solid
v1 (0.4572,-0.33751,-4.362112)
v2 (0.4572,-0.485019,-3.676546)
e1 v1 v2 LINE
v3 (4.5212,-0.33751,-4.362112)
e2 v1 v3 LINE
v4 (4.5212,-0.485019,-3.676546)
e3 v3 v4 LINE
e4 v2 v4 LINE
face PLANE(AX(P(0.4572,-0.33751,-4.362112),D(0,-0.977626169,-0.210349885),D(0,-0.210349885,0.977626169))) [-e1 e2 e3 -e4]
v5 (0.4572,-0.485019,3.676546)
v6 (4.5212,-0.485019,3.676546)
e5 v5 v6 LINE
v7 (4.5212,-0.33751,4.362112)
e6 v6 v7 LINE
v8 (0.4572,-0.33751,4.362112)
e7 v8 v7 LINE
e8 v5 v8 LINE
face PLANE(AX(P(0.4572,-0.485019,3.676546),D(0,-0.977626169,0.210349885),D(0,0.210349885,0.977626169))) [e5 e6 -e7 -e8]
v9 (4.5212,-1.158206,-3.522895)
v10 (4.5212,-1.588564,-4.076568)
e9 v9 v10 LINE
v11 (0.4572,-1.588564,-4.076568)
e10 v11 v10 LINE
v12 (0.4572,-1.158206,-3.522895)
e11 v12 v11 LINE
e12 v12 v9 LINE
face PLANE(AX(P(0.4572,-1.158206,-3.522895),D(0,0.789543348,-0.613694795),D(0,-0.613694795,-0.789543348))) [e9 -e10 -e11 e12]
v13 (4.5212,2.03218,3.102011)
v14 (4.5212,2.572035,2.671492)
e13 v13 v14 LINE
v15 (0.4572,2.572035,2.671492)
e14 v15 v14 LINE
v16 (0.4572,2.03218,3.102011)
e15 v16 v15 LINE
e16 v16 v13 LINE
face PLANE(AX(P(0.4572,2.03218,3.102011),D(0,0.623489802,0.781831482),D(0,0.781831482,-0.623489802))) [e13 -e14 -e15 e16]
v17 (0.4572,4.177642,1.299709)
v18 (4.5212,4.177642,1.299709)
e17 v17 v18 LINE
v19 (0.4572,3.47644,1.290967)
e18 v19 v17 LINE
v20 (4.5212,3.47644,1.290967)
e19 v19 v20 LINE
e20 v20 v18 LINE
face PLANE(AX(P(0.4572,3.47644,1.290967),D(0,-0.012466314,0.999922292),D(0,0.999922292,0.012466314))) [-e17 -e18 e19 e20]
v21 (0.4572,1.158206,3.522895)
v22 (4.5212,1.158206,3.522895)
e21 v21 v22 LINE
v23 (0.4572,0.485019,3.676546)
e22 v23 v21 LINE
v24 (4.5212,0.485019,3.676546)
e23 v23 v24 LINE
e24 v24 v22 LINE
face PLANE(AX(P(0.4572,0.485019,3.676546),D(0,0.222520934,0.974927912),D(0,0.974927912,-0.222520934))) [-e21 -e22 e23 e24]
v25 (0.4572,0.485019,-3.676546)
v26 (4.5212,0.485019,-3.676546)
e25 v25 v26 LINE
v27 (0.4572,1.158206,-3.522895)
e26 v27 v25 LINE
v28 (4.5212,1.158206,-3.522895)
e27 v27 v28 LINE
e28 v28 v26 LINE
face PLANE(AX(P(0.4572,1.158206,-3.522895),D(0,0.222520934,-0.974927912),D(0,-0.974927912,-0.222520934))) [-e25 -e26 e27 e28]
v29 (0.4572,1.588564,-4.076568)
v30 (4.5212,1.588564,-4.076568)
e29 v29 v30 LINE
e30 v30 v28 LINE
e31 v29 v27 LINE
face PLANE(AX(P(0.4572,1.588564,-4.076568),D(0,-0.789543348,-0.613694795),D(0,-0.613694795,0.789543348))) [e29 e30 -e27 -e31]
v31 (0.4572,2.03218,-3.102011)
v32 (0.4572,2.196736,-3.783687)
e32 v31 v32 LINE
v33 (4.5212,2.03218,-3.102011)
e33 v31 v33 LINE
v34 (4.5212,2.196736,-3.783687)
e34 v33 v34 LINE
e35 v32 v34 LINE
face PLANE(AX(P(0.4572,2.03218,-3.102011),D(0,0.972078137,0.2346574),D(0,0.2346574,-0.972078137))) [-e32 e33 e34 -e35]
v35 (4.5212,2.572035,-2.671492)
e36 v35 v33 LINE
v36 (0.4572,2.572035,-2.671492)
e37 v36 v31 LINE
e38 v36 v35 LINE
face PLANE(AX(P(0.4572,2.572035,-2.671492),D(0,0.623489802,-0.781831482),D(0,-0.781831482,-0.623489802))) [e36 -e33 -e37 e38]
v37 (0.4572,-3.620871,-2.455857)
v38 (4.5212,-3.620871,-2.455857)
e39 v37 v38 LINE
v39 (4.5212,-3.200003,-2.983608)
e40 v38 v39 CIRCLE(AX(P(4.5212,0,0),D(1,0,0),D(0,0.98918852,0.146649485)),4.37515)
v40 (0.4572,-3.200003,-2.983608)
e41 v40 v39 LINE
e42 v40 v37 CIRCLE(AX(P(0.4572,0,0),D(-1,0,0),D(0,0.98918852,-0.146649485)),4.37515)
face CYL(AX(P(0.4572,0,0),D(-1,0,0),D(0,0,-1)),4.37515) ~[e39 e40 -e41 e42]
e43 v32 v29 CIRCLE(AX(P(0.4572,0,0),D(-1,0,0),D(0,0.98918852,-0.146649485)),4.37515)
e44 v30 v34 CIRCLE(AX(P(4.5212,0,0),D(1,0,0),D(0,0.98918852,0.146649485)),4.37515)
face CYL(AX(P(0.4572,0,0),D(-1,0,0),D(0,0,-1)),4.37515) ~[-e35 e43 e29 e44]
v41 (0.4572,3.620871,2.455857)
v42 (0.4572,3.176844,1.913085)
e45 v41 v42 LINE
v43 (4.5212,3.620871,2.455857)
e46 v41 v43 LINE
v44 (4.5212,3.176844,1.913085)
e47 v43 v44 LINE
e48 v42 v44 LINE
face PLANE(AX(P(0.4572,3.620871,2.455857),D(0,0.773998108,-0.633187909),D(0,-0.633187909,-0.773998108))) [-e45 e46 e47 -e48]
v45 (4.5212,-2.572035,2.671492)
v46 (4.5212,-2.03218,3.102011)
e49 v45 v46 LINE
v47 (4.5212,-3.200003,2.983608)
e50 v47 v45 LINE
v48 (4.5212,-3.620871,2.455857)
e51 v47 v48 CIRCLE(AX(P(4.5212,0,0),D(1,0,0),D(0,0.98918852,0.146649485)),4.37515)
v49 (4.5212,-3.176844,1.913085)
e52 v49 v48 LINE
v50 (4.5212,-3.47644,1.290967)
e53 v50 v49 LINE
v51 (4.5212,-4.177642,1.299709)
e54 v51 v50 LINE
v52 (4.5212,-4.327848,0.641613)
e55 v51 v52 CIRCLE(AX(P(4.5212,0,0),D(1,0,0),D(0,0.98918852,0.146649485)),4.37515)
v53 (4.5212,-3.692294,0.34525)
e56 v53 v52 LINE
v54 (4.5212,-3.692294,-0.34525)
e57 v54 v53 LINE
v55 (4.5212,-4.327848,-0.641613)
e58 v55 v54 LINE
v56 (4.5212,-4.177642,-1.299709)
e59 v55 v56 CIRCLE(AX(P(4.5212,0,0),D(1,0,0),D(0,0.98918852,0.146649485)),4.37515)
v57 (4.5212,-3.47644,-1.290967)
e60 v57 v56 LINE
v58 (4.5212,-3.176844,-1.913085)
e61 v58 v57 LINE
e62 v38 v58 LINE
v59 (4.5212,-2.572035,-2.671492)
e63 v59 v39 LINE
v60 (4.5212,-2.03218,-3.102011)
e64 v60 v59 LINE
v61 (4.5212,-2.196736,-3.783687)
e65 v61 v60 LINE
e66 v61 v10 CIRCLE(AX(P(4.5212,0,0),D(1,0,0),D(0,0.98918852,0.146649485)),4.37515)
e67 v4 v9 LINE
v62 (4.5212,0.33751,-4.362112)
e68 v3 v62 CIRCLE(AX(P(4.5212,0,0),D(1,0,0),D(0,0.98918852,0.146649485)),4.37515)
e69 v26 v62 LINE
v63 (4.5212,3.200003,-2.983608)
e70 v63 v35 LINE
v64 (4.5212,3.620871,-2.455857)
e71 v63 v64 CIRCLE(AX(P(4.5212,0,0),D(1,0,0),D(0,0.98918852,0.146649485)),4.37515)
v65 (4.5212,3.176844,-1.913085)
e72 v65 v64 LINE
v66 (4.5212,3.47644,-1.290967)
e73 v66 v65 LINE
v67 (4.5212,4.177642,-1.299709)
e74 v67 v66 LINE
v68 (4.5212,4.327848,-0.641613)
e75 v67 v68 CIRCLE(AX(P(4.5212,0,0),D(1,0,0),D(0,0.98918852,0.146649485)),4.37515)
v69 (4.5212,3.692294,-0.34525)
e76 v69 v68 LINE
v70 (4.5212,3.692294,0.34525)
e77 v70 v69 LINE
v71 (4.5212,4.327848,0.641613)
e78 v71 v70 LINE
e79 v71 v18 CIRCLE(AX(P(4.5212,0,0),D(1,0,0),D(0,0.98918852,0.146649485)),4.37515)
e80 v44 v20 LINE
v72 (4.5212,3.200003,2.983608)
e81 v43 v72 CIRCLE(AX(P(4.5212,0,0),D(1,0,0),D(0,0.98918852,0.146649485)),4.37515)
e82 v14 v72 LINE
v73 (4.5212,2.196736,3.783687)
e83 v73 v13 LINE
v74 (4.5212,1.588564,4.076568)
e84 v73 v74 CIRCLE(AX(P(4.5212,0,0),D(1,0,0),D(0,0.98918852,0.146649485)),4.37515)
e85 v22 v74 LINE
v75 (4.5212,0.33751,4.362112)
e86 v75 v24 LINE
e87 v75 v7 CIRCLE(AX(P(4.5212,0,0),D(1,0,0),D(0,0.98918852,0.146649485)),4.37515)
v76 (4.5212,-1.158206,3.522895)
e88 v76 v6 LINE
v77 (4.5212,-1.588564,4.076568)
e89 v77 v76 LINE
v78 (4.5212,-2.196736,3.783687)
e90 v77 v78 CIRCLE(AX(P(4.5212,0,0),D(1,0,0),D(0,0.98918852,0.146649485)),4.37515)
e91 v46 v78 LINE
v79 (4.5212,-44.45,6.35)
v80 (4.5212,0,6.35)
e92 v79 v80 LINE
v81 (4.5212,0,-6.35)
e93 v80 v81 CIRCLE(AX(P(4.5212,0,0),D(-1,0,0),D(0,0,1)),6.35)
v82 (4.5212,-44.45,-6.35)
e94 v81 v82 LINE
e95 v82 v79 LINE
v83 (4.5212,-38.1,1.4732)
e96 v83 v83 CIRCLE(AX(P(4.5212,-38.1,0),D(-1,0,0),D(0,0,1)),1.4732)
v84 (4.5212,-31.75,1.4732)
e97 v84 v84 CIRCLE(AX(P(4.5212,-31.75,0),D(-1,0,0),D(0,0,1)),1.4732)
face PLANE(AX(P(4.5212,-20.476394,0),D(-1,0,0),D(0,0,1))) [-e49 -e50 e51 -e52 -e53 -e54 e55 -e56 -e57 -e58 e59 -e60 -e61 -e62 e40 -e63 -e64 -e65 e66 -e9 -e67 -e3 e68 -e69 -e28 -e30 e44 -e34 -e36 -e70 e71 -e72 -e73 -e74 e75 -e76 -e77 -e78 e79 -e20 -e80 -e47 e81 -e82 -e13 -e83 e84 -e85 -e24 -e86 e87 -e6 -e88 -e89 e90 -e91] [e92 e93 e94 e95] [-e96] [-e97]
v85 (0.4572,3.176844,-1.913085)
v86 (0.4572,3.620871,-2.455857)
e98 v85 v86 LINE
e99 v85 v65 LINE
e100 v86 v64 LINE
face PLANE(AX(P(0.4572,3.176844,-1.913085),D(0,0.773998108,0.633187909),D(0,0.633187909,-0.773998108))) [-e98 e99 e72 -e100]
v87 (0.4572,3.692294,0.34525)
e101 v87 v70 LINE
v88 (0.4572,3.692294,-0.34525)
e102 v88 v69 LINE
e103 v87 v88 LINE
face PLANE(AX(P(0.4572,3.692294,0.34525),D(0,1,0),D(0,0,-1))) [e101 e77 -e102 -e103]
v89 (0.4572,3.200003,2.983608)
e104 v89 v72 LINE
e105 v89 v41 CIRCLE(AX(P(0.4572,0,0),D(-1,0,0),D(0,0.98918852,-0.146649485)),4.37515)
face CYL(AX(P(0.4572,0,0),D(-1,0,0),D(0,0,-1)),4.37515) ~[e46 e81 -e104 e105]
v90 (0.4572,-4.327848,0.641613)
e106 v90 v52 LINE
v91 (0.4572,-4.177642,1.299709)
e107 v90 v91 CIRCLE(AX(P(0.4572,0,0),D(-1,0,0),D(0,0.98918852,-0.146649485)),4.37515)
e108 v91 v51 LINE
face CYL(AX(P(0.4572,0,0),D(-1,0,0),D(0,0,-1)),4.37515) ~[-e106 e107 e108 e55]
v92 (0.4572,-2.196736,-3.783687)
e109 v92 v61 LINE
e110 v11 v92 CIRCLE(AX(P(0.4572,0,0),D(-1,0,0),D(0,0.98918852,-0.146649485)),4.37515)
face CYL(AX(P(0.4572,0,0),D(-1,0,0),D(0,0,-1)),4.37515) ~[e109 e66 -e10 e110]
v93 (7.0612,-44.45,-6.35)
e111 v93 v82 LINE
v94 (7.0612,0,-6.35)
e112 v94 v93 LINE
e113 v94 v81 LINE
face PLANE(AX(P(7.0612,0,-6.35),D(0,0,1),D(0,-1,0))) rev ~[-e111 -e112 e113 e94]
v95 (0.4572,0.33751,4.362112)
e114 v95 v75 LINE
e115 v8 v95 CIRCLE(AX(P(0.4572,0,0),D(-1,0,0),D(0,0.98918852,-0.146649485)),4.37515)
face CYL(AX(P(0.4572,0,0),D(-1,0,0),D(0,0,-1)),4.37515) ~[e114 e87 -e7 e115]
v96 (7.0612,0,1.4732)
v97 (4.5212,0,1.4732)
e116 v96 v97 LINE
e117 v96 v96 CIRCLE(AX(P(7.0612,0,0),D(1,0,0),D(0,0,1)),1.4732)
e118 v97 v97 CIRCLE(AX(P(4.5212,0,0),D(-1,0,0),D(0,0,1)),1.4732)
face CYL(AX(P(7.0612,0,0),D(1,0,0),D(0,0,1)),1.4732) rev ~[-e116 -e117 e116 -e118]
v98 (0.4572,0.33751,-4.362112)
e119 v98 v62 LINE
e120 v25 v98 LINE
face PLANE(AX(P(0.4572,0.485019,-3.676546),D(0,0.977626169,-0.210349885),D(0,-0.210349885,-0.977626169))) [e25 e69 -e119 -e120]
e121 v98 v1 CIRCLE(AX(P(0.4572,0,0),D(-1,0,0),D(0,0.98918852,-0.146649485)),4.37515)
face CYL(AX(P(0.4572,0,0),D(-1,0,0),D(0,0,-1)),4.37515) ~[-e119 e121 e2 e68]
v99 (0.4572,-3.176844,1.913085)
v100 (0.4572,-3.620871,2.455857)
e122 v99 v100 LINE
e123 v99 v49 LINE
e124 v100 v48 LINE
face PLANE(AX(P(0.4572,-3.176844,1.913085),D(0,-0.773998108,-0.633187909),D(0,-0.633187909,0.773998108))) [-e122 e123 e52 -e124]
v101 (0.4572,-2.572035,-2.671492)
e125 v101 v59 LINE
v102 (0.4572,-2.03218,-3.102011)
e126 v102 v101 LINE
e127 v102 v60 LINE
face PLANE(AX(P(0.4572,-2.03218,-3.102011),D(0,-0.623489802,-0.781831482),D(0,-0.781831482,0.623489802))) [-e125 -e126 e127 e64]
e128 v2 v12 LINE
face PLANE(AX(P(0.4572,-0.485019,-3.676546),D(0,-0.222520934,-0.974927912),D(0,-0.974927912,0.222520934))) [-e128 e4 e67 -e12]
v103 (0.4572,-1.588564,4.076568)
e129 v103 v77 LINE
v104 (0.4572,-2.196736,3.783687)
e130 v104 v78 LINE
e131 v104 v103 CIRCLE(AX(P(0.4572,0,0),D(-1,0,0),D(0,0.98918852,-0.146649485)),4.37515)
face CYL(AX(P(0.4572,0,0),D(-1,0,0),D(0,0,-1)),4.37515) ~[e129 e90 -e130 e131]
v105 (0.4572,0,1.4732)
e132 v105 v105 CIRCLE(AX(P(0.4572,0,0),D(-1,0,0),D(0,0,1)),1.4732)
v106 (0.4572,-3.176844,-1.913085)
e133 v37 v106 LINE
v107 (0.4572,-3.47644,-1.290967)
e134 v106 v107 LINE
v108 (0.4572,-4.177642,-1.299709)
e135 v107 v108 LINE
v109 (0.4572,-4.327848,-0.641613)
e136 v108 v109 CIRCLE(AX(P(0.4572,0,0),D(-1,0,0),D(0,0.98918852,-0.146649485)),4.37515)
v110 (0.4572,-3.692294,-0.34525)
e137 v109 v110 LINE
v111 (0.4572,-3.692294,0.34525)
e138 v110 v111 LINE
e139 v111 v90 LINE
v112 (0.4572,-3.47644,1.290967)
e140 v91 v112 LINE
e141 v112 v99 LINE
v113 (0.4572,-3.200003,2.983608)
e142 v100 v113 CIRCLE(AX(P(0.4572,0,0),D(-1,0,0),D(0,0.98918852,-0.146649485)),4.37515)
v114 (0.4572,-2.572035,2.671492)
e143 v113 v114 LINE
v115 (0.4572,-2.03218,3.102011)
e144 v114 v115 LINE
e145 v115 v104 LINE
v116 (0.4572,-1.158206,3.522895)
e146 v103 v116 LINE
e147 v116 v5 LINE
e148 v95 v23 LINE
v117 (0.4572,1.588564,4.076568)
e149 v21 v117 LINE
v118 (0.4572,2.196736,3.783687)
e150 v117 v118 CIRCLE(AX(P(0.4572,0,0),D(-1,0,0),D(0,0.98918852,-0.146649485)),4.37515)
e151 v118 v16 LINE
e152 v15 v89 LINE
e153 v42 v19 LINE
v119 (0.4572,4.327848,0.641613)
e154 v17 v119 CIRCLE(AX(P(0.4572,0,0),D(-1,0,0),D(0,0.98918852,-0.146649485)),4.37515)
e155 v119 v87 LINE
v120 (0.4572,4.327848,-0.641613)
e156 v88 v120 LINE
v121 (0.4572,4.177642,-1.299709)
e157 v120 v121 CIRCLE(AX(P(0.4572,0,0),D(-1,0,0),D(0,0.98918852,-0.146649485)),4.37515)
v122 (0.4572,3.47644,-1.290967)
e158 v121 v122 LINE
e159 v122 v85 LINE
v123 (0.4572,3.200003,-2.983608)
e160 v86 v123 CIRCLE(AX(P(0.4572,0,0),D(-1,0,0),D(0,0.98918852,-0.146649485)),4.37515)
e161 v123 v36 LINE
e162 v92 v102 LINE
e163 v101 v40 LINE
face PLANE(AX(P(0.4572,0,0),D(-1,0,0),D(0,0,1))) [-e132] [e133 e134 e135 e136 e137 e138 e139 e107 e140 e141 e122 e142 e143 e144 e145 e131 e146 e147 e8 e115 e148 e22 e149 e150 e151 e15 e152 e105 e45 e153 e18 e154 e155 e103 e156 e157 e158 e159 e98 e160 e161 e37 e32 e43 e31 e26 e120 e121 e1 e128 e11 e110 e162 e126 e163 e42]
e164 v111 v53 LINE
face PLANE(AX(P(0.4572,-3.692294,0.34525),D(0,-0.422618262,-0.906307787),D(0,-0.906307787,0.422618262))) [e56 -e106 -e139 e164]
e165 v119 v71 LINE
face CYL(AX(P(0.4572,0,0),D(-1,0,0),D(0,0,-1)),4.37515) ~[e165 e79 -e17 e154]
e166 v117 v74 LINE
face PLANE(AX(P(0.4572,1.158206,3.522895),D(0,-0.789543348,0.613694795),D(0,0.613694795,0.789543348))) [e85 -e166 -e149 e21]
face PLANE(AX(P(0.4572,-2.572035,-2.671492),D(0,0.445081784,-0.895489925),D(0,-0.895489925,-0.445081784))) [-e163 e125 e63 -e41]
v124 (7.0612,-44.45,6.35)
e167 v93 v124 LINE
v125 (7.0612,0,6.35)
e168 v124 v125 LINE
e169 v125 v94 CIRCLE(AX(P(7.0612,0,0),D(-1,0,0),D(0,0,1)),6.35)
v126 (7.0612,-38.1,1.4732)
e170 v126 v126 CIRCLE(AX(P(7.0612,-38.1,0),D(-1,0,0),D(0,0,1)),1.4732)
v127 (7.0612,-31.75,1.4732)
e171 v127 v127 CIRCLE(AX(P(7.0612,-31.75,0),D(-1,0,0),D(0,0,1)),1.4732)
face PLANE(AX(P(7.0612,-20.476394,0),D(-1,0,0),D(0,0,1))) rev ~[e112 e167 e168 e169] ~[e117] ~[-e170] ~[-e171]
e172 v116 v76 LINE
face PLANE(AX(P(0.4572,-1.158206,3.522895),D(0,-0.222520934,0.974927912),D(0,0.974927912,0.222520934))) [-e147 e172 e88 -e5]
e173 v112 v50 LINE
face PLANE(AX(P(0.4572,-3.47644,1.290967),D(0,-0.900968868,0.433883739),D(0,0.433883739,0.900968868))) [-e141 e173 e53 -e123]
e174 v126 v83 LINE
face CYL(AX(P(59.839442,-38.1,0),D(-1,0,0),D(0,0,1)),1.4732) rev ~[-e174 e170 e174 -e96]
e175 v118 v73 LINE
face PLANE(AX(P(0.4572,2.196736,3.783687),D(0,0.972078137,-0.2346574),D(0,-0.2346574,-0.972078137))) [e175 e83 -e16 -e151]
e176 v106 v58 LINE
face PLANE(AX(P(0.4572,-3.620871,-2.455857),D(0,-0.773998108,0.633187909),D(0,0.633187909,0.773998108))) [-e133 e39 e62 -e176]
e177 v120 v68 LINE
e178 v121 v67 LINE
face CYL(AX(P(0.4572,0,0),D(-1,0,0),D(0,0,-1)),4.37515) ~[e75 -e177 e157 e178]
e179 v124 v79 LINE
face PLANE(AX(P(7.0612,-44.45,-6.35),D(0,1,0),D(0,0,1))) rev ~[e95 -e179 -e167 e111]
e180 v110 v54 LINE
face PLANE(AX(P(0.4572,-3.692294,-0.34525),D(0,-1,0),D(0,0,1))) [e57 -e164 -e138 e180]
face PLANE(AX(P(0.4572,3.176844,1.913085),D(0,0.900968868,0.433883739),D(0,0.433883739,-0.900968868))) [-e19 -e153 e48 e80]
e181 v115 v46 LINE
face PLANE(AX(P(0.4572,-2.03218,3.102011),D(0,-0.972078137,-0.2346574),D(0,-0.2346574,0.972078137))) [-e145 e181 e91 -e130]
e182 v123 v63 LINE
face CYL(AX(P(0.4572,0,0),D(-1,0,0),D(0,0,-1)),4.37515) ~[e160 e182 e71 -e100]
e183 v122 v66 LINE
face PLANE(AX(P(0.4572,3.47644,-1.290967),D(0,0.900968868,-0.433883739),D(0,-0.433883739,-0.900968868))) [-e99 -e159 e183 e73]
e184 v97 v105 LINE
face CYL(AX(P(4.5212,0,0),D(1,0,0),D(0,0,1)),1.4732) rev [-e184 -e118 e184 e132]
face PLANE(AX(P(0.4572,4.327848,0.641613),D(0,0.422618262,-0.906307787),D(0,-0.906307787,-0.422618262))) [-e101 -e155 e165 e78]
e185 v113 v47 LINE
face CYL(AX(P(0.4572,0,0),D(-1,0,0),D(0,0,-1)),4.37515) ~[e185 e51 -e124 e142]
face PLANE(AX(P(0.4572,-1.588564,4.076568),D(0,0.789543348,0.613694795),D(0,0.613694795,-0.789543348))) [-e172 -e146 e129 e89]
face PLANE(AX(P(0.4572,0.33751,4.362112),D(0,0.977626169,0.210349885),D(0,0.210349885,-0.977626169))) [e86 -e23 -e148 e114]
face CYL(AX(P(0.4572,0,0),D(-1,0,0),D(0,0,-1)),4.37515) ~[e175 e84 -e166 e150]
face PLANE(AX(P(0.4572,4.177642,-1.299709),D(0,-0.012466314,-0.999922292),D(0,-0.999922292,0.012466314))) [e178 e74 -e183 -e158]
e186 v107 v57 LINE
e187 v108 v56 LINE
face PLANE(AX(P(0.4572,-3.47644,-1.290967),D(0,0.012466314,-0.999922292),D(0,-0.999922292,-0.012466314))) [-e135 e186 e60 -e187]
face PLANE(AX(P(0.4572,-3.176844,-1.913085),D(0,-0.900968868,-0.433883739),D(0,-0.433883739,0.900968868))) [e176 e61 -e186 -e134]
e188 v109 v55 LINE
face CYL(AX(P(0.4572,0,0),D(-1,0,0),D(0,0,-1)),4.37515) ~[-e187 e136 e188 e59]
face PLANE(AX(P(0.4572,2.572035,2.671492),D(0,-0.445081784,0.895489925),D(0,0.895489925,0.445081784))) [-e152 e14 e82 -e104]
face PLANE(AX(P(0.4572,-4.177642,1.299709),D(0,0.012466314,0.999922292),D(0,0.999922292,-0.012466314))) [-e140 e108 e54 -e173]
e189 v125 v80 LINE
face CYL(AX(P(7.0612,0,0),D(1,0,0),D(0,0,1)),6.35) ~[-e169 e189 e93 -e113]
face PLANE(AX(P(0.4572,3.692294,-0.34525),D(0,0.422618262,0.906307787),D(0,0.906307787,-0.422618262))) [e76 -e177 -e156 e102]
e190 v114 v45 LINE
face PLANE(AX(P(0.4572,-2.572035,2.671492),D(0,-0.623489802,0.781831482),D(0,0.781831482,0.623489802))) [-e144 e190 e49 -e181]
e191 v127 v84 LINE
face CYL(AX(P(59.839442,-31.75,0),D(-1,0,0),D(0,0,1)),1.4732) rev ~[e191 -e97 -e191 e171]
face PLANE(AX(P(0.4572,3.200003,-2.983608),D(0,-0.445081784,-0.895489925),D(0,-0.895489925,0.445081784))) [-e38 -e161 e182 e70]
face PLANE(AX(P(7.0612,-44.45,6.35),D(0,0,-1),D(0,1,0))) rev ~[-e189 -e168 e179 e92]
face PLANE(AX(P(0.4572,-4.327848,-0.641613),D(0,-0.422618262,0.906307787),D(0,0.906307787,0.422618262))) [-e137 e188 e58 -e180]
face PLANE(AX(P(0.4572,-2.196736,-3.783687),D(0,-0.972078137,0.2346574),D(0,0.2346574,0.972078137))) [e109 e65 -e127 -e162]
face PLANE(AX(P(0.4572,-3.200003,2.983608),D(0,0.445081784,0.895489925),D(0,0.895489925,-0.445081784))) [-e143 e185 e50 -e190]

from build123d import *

# Parameters (mm, degrees)
SKETCH4_R             = 4.5339
SKETCH4_R_2           = 4.37515
CUT_EXTRUDE2_DEPTH    = 4.064
CUT_EXTRUDE1_DEPTH    = 4.064
CIRPATTERN1_COUNT     = 14
SKETCH6_R             = 1.5875
CUT_EXTRUDE3_DEPTH    = 12.02520933
CUT_EXTRUDE4_DEPTH    = 1.016
SKETCH11_R            = 6.731
CUT_EXTRUDE6_DEPTH    = 2.54
SKETCH13_R            = 9.525
CUT_EXTRUDE7_DEPTH    = 12.262802402
BOSS_EXTRUDE2_START   = -4.064
SKETCH17_R            = 1.5875
SKETCH17_R_2          = 1.4732
BOSS_EXTRUDE2_DEPTH   = 4.064
BOSS_EXTRUDE1_START   = 2.54
SKETCH12_R            = 1.4732
BOSS_EXTRUDE1_DEPTH   = 2.54
F_4_CLEARANCE_HOLE1_D = 2.9464


with BuildPart() as part:
    # Sketch1 → Revolve1 (revolve)
    with BuildSketch(Plane.XY, mode=Mode.PRIVATE) as revolve1_sk:
        with BuildLine():
            Line((-5.5626, 1.5875), (5.5626, 1.5875))
            Line((5.5626, 1.5875), (5.5626, 6.731))
            Line((5.5626, 6.731), (5.0419, 6.731))
            ThreePointArc((5.0419, 6.731), (4.654552953, 5.958878742), (4.5212, 5.1054))
            Line((4.5212, 5.1054), (4.5212, 4.5339))
            Line((4.5212, 4.5339), (0.4572, 4.5339))
            Line((0.4572, 4.5339), (0.4572, 5.6769))
            Line((0.4572, 5.6769), (-0.5969, 6.731))
            Line((-0.5969, 6.731), (-5.5626, 6.731))
            Line((-5.5626, 6.731), (-5.5626, 1.5875))
        make_face()
    revolve(revolve1_sk.sketch.rotate(Axis((-5.5626, 0, 0), (1, 0, 0)), 90), axis=Axis((-5.5626, 0, 0), (1, 0, 0)))

    # Sketch4 → Cut-Extrude2 (cut)
    with BuildSketch(Plane(origin=(0.4572, 0, 0), x_dir=(0, 0, -1), z_dir=(1, 0, 0))):
        Circle(SKETCH4_R)
        Circle(SKETCH4_R_2, mode=Mode.SUBTRACT)
    extrude(amount=CUT_EXTRUDE2_DEPTH, mode=Mode.SUBTRACT)

    # Sketch3 → Cut-Extrude1 (cut)
    with BuildSketch(Plane(origin=(0.4572, 0, 0), x_dir=(0, 0, -1), z_dir=(1, 0, 0))):
        with BuildLine():
            Line((-0.641613493, 4.327848154), (-0.345249615, 3.692293767))
            Line((-0.345249615, 3.692293767), (0.345249615, 3.692293767))
            Line((0.345249615, 3.692293767), (0.641613493, 4.327848154))
            ThreePointArc((0.641613493, 4.327848154), (0, 4.37515), (-0.641613493, 4.327848154))
        make_face()
    cut_extrude1 = extrude(amount=CUT_EXTRUDE1_DEPTH, mode=Mode.SUBTRACT)

    # CirPattern1: Cut-Extrude1 ×14 about axis
    cirpattern1_axis = Axis((0, 0, 0), (1, 0, 0))
    for i in range(1, CIRPATTERN1_COUNT):
        add(cut_extrude1.rotate(cirpattern1_axis, i * 360 / CIRPATTERN1_COUNT), mode=Mode.SUBTRACT)

    # Sketch6 → Cut-Extrude3 (cut, through all)
    with BuildSketch(Plane(origin=(0, 0, 0), x_dir=(1, 0, 0), z_dir=(0, 1, 0))):
        with Locations(Location((-2.5527, 0, 0), (0, 0, 90))):
            Circle(SKETCH6_R)
    extrude(amount=CUT_EXTRUDE3_DEPTH, mode=Mode.SUBTRACT)

    # Sketch11 → Cut-Extrude6 (cut)
    with BuildSketch(Plane.ZY.offset(-4.5212)):
        Circle(SKETCH11_R)
    extrude(amount=-CUT_EXTRUDE6_DEPTH, mode=Mode.SUBTRACT)


with BuildPart() as body_2:
    # Sketch7 → Revolve2 (revolve)
    with BuildSketch(Plane.XY, mode=Mode.PRIVATE) as revolve2_sk:
        Polygon((-3.7211, 6.731), (-2.5527, 6.731), (-2.5527, 1.9685), (-3.7211, 1.9685), (-3.9751, 2.2225), (-3.9751, 6.477), align=None)
    revolve(revolve2_sk.sketch.rotate(Axis((-2.5527, 1.9685, 0), (0, 1, 0)), 270), axis=Axis((-2.5527, 1.9685, 0), (0, 1, 0)))

    # Sketch8 → Cut-Extrude4 (cut)
    with BuildSketch(Plane(origin=(0, 6.731, 0), x_dir=(1, 0, 0), z_dir=(0, 1, 0))):
        Polygon((-2.5527, 0.821223023), (-3.2639, 0.410611511), (-3.2639, -0.410611511), (-2.5527, -0.821223023), (-1.8415, -0.410611511), (-1.8415, 0.410611511), align=None)
    extrude(amount=-CUT_EXTRUDE4_DEPTH, mode=Mode.SUBTRACT)


with BuildPart() as cut_extrude7_tool:
    # Sketch13 → Cut-Extrude7 (new, through all)
    with BuildSketch(Plane(origin=(0.4572, 0, 0), x_dir=(0, 0, -1), z_dir=(1, 0, 0))):
        Circle(SKETCH13_R)
    extrude(amount=-CUT_EXTRUDE7_DEPTH)


with BuildPart() as part_1:
    add(part.part)

    # Cut-Extrude7: cut by cut_extrude7_tool
    add(cut_extrude7_tool.part, mode=Mode.SUBTRACT)

    # Sketch17 → Boss-Extrude2 (add)
    with BuildSketch(Plane.ZY.offset(-0.4572).offset(BOSS_EXTRUDE2_START)):
        Circle(SKETCH17_R)
        Circle(SKETCH17_R_2, mode=Mode.SUBTRACT)
    extrude(amount=BOSS_EXTRUDE2_DEPTH)

    # Sketch12 → Boss-Extrude1 (add)
    with BuildSketch(Plane(origin=(4.5212, 0, 0), x_dir=(0, 0, -1), z_dir=(1, 0, 0)).offset(BOSS_EXTRUDE1_START)):
        with BuildLine():
            Line((6.35, 0), (6.35, -44.45))
            Line((6.35, -44.45), (-6.35, -44.45))
            Line((-6.35, -44.45), (-6.35, 0))
            ThreePointArc((-6.35, 0), (0, 6.35), (6.35, 0))
        make_face()
        with Locations(Location((0, 0, 0), (0, 0, 180))):
            Circle(SKETCH12_R, mode=Mode.SUBTRACT)
    extrude(amount=-BOSS_EXTRUDE1_DEPTH)

    # #4 Clearance Hole1 (through all)
    with Locations(Plane(origin=(7.0612, 0, 0), x_dir=(0, 0, -1), z_dir=(1, 0, 0))):
        with Locations((0, -31.75), (0, -38.1)):
            Hole(F_4_CLEARANCE_HOLE1_D / 2)


with BuildPart() as body_2_1:
    add(body_2.part)

    # Cut-Extrude7: cut by cut_extrude7_tool
    add(cut_extrude7_tool.part, mode=Mode.SUBTRACT)


solid = part_1.part
